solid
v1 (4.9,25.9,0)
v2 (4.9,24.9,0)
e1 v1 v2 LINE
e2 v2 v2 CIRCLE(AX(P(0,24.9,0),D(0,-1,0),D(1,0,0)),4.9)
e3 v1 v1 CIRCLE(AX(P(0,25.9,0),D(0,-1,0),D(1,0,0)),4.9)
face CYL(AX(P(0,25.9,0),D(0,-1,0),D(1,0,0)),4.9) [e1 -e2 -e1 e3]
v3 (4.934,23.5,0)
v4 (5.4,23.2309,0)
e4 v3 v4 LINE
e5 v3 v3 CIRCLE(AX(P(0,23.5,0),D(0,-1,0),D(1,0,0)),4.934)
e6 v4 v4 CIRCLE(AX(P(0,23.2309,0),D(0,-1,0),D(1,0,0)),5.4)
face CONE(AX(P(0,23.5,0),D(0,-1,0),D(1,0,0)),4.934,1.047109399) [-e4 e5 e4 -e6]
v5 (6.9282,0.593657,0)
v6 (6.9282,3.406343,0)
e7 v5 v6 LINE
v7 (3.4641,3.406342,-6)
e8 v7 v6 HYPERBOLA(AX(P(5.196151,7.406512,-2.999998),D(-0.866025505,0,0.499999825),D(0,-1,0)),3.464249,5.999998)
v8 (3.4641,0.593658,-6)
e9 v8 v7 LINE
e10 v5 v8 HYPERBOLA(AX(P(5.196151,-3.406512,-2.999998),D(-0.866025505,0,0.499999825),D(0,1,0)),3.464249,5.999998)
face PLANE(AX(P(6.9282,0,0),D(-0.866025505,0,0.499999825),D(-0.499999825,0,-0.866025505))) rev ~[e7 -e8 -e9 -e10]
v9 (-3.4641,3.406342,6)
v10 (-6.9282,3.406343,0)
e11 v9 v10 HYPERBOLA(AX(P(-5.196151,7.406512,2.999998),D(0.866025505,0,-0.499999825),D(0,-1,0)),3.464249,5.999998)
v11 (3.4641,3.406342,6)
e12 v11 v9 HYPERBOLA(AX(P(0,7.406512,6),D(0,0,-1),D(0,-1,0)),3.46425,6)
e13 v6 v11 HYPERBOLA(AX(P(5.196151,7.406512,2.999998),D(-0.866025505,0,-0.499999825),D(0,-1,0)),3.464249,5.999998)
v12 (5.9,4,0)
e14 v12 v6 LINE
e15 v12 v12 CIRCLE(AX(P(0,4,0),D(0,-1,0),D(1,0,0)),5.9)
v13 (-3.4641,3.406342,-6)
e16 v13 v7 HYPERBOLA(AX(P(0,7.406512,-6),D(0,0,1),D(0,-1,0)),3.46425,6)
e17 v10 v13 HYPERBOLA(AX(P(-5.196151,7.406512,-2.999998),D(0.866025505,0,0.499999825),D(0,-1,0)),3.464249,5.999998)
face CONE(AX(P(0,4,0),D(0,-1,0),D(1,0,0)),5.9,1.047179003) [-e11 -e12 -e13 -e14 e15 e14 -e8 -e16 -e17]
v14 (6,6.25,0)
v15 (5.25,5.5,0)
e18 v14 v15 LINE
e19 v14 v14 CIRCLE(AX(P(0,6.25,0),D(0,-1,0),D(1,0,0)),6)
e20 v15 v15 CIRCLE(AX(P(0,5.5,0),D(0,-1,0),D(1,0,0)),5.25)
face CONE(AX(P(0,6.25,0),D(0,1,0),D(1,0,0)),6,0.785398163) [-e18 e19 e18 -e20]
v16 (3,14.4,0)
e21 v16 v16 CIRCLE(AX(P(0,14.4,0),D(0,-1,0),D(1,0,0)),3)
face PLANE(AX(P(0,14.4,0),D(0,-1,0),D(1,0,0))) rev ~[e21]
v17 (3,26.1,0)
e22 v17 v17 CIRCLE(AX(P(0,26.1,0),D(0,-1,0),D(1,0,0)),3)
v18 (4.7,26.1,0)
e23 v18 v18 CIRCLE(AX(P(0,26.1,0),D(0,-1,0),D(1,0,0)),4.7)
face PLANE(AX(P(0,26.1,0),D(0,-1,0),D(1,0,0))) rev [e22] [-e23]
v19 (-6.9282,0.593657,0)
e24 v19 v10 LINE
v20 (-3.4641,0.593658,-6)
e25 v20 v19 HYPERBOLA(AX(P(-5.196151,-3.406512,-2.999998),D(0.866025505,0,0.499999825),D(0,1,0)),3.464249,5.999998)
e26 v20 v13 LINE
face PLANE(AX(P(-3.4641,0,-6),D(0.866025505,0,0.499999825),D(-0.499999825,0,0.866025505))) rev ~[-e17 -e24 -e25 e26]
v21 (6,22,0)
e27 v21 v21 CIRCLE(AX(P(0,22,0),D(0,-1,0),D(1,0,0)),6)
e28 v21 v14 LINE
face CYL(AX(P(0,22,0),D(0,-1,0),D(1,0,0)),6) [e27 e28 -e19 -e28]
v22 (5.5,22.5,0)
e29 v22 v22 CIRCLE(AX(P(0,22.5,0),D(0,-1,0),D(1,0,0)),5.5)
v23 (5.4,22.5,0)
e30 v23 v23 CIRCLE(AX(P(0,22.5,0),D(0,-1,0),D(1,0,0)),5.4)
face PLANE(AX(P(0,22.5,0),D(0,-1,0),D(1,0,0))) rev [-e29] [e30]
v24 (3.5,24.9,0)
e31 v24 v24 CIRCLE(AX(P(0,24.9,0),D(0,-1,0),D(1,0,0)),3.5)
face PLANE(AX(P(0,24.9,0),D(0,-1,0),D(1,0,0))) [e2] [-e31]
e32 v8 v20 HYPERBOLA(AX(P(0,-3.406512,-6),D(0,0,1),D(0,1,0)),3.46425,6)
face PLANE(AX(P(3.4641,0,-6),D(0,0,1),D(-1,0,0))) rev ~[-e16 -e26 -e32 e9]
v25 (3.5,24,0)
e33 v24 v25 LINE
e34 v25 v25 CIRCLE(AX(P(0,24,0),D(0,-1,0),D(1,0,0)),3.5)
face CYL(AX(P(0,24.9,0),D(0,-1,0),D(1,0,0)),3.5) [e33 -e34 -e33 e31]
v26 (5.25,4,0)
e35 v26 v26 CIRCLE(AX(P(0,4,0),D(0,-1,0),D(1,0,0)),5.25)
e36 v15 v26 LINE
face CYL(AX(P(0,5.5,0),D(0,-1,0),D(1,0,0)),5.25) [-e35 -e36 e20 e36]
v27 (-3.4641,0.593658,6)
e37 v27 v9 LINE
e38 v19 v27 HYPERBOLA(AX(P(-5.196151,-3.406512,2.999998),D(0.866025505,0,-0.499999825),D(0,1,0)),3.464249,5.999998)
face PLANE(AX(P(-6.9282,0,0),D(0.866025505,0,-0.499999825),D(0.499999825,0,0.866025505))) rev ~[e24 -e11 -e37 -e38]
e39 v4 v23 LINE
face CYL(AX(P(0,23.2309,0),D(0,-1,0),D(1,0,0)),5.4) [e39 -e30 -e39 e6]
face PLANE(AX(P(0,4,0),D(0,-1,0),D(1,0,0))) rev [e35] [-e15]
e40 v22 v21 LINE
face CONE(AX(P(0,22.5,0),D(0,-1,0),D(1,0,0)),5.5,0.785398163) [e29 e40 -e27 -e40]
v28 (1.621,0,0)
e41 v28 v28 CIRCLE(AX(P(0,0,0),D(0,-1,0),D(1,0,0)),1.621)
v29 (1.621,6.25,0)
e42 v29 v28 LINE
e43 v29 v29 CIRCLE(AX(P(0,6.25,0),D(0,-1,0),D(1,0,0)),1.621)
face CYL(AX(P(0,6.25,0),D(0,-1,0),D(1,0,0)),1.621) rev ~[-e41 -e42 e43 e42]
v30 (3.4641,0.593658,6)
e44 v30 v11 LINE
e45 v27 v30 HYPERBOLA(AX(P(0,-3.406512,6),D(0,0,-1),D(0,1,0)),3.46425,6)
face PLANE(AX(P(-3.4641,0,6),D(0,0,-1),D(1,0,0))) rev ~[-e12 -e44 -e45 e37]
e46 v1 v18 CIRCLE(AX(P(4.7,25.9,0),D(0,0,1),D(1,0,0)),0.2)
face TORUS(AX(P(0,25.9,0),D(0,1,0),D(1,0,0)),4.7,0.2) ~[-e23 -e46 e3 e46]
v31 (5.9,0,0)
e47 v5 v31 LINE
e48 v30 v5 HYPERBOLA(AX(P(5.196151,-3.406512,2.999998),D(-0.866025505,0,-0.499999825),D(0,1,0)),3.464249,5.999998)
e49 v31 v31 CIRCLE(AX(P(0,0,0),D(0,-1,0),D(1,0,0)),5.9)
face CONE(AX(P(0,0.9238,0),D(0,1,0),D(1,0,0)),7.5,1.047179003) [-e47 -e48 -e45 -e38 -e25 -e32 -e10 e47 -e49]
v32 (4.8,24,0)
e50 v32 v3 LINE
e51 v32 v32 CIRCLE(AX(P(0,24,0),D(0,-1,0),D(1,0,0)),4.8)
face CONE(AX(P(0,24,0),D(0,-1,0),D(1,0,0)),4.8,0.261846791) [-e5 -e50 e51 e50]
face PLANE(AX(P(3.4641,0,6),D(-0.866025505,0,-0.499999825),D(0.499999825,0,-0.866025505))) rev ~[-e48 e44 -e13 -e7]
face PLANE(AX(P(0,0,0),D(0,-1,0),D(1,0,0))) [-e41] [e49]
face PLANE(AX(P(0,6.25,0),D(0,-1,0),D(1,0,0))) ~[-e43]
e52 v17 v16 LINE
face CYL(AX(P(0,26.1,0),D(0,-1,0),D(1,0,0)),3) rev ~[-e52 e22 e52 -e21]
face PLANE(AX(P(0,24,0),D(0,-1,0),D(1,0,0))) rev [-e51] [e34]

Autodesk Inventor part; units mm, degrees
sketch "Sketch_1" plane through (0, 0, 0) normal (0, 0, 1) x (1, 0, 0)
  line L0 (0, 0) -> (0, 5.5)
  line L1 (0, 5.5) -> (5.25, 5.5)
  line L2 (5.25, 5.5) -> (5.25, 4)
  line L3 (5.25, 4) -> (5.9, 4)
  line L4 (5.9, 4) -> (7.5, 3.0762)
  line L5 (7.5, 3.0762) -> (7.5, 0.9238)
  line L6 (7.5, 0.9238) -> (5.9, 0)
  line L7 (5.9, 0) -> (0, 0)
  line L8 (0, 0) -> (0, 5.5)
revolve "Revolution1" add sketch "Sketch_1" angle 360 about axis through (0, 0, 0) along (0, -1, 0)
sketch "Sketch_2" plane through (0, 0, 0) normal (0, 1, 0) x (-1, 0, 0)
  line L0 (17.2177, 15.6183) -> (-16.6532, 15.6183)
  line L1 (-16.6532, 15.6183) -> (-16.6532, -14.1129)
  line L2 (-16.6532, -14.1129) -> (17.2177, -14.1129)
  line L3 (17.2177, -14.1129) -> (17.2177, 15.6183)
  line L4 (6.9282, 0) -> (3.4641, 6)
  line L5 (3.4641, 6) -> (-3.4641, 6)
  line L6 (-3.4641, 6) -> (-6.9282, 0)
  line L7 (-6.9282, 0) -> (-3.4641, -6)
  line L8 (-3.4641, -6) -> (3.4641, -6)
  line L9 (3.4641, -6) -> (6.9282, 0)
extrude "Extrusion1" cut sketch "Sketch_2" along normal blind 4
sketch "Sketch_3" plane through (0, 0, 0) normal (0, 0, 1) x (1, 0, 0)
  line L0 (0, 5.5) -> (0, 26.1)
  line L1 (0, 26.1) -> (4.7, 26.1)
  arc A0 (4.9, 25.9) -> (4.7, 26.1) centre (4.7, 25.9) ccw
  line L2 (4.9, 25.9) -> (4.9, 24.9)
  line L3 (4.9, 24.9) -> (3.5, 24.9)
  line L4 (3.5, 24.9) -> (3.5, 24)
  line L5 (3.5, 24) -> (4.8, 24)
  line L6 (4.8, 24) -> (4.934, 23.5)
  line L7 (4.934, 23.5) -> (5.4, 23.2309)
  line L8 (5.4, 23.2309) -> (5.4, 22.5)
  line L9 (5.4, 22.5) -> (5.5, 22.5)
  line L10 (5.5, 22.5) -> (6, 22)
  line L11 (6, 22) -> (6, 6.25)
  line L12 (6, 6.25) -> (5.25, 5.5)
  line L13 (5.25, 5.5) -> (0, 5.5)
  line L14 (0, 5.5) -> (0, 26.1)
revolve "Revolution2" add sketch "Sketch_3" angle 360 about axis through (0, 5.5, 0) along (0, -1, 0)
thread "Thread1" size "M12x1.75" class "6g" standard "ISO Metric profile" full length
sketch "Sketch_4" plane through (0, 0, 0) normal (0, 0, 1) x (1, 0, 0)
  line L0 (0, 14.4) -> (0, 26.1)
  line L1 (0, 26.1) -> (3, 26.1)
  line L2 (3, 26.1) -> (3, 14.4)
  line L3 (3, 14.4) -> (0, 14.4)
  line L4 (0, 14.4) -> (0, 26.1)
revolve "Revolution3" cut sketch "Sketch_4" angle 360 about axis through (0, 14.4, 0) along (0, -1, 0)
sketch "Sketch_5" plane through (0, 0, 0) normal (0, 0, 1) x (1, 0, 0)
  line L0 (0, 0) -> (0, 6.25)
  line L1 (0, 6.25) -> (1.621, 6.25)
  line L2 (1.621, 6.25) -> (1.621, 0)
  line L3 (1.621, 0) -> (0, 0)
  line L4 (0, 0) -> (0, 6.25)
revolve "Revolution4" cut sketch "Sketch_5" angle 360 about axis through (0, 0, 0) along (0, -1, 0)
thread "Thread2" size "M4x0.7" class "6H" standard "ISO Metric profile" full length
ref_plane "IP_DUMMY_XY" through (0, 0, 0) normal (0, 1, 0) x (1, 0, 0)
ref_plane "IP_DUMMY_YZ" through (0, 0, 0) normal (1, 0, 0) x (0, 0, -1)
ref_plane "IP_DUMMY_ZX" through (0, 0, 0) normal (0, 0, -1) x (0, 1, 0)
ref_plane "IP_NUT1_XY" through (0, 11, 0) normal (0, 1, 0) x (1, 0, 0)
ref_plane "IP_NUT1_YZ" through (0, 11, 0) normal (1, 0, 0) x (0, 0, -1)
ref_plane "IP_NUT1_ZX" through (0, 11, 0) normal (0, 0, -1) x (0, 1, 0)
ref_plane "IP_NUT2_XY" through (0, 17, 0) normal (0, 1, 0) x (1, 0, 0)
ref_plane "IP_NUT2_YZ" through (0, 17, 0) normal (1, 0, 0) x (0, 0, -1)
ref_plane "IP_NUT2_ZX" through (0, 17, 0) normal (0, 0, -1) x (0, 1, 0)
properties part number "FVPA106J"
